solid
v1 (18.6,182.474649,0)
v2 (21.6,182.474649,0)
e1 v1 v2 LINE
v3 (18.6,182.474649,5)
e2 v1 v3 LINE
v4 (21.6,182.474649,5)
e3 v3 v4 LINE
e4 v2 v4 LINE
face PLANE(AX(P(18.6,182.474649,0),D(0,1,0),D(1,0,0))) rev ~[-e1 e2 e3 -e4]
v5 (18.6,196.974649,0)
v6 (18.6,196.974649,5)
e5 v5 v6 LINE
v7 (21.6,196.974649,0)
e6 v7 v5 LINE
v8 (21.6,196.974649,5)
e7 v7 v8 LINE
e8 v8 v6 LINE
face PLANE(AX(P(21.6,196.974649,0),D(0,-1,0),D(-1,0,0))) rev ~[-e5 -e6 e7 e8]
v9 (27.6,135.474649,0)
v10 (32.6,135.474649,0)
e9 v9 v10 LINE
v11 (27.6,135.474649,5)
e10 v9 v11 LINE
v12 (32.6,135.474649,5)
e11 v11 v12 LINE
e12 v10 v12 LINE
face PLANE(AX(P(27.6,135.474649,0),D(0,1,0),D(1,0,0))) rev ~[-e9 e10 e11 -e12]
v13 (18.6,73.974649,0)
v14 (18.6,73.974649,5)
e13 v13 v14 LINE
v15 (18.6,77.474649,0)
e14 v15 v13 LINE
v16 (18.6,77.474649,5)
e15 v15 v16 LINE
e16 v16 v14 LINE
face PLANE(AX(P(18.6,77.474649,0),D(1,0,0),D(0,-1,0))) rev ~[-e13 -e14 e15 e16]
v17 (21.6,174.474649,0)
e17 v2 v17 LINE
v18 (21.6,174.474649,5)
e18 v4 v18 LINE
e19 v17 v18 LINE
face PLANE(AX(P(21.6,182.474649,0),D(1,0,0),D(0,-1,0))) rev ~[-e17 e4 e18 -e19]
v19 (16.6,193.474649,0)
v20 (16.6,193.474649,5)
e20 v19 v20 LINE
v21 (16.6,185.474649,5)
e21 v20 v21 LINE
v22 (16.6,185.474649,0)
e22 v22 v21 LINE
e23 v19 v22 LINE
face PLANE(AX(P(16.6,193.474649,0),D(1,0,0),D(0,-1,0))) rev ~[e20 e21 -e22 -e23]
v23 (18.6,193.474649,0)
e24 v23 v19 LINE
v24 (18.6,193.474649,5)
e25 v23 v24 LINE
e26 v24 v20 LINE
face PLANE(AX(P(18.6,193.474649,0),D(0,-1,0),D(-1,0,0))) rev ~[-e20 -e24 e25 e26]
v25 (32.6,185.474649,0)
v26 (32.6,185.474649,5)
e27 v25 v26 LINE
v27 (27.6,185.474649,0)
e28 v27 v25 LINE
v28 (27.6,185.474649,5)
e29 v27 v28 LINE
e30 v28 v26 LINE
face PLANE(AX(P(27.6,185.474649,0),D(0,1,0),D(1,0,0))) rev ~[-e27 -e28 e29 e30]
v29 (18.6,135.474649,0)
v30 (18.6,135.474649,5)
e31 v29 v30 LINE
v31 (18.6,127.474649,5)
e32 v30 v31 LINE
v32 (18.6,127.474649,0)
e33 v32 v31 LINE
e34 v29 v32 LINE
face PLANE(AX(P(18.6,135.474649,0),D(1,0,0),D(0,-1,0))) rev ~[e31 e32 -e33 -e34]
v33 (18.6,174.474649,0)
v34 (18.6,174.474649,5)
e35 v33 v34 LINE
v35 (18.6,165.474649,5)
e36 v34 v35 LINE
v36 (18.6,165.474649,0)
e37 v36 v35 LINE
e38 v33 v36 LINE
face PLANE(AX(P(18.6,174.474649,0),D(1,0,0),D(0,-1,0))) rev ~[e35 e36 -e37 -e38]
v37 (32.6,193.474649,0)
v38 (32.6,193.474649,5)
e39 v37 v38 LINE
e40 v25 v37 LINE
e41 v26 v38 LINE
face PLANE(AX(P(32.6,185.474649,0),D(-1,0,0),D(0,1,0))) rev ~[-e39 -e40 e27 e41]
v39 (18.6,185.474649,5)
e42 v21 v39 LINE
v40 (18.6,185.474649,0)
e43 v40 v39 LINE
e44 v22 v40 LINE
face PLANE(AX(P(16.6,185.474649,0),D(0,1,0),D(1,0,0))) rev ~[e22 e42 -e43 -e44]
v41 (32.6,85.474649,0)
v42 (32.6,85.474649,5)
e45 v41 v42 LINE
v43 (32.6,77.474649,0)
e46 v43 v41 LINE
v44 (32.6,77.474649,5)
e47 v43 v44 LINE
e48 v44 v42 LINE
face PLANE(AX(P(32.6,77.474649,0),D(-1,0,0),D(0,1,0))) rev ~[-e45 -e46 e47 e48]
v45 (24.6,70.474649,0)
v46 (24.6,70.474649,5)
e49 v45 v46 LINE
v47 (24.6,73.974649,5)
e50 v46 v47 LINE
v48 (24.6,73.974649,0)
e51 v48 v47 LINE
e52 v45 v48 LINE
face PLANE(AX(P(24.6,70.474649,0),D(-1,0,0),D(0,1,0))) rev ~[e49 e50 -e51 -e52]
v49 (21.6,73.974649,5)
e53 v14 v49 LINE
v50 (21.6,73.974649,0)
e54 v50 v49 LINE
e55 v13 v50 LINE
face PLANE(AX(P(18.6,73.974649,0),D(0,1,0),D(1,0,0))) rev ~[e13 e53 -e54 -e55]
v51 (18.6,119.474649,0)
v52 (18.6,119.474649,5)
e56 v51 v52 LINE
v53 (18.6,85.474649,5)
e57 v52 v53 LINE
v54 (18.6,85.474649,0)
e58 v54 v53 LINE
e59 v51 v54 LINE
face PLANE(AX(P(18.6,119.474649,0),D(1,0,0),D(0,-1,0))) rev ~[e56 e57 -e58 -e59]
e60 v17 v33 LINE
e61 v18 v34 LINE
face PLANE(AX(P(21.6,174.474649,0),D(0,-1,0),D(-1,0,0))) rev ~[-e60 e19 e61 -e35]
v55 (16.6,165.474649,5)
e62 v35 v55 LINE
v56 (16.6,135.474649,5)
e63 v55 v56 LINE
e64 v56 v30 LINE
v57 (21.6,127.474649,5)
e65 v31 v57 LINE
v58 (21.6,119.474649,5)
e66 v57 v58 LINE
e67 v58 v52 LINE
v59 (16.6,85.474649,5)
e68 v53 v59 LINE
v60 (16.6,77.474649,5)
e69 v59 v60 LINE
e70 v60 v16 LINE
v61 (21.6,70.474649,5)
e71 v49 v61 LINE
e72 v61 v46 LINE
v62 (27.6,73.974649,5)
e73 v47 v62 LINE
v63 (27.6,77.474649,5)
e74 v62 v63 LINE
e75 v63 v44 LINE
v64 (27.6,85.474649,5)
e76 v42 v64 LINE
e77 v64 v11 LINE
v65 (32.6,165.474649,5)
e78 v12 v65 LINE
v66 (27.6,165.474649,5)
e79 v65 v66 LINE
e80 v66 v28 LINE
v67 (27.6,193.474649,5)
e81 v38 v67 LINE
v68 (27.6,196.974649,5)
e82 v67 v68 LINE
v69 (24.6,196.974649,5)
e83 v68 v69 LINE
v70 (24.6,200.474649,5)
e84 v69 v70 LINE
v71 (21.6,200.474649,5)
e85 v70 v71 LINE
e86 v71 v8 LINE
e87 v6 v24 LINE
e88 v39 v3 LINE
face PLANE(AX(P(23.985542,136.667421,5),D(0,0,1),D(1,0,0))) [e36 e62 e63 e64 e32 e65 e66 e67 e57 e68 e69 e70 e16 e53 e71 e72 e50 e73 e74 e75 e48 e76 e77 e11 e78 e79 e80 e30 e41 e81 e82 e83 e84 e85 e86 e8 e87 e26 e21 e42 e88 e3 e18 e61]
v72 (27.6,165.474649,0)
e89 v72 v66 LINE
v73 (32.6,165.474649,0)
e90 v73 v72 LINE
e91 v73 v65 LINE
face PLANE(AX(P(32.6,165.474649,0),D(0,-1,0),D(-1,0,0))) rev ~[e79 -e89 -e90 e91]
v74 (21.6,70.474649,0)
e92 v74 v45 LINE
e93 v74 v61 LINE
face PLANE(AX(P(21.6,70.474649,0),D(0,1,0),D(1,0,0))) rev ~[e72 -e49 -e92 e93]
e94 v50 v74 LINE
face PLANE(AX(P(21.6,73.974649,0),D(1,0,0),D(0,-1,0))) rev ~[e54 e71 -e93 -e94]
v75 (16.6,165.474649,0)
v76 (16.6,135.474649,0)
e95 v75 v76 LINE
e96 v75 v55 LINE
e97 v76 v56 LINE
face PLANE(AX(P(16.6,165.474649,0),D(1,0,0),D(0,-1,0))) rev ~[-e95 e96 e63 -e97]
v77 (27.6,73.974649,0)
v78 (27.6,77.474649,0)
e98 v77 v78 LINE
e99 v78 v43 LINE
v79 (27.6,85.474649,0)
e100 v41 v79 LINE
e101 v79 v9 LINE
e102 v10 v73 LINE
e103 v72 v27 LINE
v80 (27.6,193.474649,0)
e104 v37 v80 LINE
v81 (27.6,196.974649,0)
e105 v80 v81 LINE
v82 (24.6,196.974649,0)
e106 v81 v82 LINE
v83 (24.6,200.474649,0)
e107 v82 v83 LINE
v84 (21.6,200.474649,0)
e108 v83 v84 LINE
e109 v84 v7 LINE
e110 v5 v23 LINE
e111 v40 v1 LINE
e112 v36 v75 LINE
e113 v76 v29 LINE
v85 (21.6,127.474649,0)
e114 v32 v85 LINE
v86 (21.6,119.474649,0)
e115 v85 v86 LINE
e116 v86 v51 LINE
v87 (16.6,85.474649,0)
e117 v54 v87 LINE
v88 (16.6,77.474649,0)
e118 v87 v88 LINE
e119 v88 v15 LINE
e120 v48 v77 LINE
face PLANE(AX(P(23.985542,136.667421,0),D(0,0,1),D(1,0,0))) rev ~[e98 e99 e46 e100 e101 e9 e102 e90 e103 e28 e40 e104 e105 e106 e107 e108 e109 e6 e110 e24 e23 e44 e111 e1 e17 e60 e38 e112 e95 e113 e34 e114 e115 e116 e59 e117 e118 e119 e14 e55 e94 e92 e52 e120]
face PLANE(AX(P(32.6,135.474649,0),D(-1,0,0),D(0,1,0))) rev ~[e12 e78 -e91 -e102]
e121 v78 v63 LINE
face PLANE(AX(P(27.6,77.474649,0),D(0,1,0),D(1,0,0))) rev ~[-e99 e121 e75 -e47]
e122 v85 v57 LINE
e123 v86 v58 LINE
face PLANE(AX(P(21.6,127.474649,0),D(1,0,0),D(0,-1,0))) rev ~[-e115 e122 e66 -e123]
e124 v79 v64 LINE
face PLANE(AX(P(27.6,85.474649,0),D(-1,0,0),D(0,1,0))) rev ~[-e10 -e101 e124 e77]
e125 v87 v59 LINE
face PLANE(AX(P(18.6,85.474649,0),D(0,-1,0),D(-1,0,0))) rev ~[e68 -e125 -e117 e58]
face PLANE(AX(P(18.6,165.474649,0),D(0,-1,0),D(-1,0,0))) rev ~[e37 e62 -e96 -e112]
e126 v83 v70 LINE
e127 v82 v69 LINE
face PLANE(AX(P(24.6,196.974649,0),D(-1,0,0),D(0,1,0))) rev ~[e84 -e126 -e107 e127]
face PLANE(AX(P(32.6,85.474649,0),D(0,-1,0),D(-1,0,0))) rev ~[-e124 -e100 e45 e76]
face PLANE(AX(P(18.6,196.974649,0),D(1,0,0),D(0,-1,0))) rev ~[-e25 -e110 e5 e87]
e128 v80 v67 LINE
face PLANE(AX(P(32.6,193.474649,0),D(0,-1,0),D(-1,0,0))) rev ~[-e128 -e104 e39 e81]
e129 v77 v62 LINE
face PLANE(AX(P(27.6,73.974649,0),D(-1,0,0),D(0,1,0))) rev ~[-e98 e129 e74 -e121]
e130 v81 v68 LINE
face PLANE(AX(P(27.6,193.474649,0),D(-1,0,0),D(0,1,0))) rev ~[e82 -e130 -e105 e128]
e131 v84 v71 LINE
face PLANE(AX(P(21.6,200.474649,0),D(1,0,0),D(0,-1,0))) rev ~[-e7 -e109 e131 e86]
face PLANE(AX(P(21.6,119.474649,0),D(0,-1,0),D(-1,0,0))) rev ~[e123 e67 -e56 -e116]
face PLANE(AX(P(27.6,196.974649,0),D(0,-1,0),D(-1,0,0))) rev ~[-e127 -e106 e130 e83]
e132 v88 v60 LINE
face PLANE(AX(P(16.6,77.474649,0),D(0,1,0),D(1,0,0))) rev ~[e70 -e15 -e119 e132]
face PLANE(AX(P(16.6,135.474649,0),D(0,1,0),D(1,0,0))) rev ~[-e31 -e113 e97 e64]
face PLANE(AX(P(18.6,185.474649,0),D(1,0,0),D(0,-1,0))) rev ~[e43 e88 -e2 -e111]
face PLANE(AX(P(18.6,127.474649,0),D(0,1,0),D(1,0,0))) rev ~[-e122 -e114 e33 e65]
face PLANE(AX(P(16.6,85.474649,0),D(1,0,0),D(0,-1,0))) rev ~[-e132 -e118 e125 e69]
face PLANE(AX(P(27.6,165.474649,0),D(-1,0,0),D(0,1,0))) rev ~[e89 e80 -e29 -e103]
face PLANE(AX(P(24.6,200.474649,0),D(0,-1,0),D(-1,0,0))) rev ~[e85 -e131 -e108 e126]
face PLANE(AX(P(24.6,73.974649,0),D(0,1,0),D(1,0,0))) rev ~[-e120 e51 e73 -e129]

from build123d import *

# Parameters (mm, degrees)
BOSS_EXTRUDE1_DEPTH = 5


with BuildPart() as part:
    # Sketch1 → Boss-Extrude1 (new body)
    with BuildSketch(Plane.XY):
        Polygon((18.6, 77.474649456), (18.6, 73.974649456), (21.6, 73.974649456), (21.6, 70.474649456), (24.6, 70.474649456), (24.6, 73.974649456), (27.6, 73.974649456), (27.6, 77.474649456), (32.6, 77.474649456), (32.6, 85.474649456), (27.6, 85.474649456), (27.6, 135.474649456), (32.6, 135.474649456), (32.6, 165.474649456), (27.6, 165.474649456), (27.6, 185.474649456), (32.6, 185.474649456), (32.6, 193.474649456), (27.6, 193.474649456), (27.6, 196.974649456), (24.6, 196.974649456), (24.6, 200.474649456), (21.6, 200.474649456), (21.6, 196.974649456), (18.6, 196.974649456), (18.6, 193.474649456), (16.6, 193.474649456), (16.6, 185.474649456), (18.6, 185.474649456), (18.6, 182.474649456), (21.6, 182.474649456), (21.6, 174.474649456), (18.6, 174.474649456), (18.6, 165.474649456), (16.6, 165.474649456), (16.6, 135.474649456), (18.6, 135.474649456), (18.6, 127.474649456), (21.6, 127.474649456), (21.6, 119.474649456), (18.6, 119.474649456), (18.6, 85.474649456), (16.6, 85.474649456), (16.6, 77.474649456), align=None)
    extrude(amount=BOSS_EXTRUDE1_DEPTH)


solid = part.part
